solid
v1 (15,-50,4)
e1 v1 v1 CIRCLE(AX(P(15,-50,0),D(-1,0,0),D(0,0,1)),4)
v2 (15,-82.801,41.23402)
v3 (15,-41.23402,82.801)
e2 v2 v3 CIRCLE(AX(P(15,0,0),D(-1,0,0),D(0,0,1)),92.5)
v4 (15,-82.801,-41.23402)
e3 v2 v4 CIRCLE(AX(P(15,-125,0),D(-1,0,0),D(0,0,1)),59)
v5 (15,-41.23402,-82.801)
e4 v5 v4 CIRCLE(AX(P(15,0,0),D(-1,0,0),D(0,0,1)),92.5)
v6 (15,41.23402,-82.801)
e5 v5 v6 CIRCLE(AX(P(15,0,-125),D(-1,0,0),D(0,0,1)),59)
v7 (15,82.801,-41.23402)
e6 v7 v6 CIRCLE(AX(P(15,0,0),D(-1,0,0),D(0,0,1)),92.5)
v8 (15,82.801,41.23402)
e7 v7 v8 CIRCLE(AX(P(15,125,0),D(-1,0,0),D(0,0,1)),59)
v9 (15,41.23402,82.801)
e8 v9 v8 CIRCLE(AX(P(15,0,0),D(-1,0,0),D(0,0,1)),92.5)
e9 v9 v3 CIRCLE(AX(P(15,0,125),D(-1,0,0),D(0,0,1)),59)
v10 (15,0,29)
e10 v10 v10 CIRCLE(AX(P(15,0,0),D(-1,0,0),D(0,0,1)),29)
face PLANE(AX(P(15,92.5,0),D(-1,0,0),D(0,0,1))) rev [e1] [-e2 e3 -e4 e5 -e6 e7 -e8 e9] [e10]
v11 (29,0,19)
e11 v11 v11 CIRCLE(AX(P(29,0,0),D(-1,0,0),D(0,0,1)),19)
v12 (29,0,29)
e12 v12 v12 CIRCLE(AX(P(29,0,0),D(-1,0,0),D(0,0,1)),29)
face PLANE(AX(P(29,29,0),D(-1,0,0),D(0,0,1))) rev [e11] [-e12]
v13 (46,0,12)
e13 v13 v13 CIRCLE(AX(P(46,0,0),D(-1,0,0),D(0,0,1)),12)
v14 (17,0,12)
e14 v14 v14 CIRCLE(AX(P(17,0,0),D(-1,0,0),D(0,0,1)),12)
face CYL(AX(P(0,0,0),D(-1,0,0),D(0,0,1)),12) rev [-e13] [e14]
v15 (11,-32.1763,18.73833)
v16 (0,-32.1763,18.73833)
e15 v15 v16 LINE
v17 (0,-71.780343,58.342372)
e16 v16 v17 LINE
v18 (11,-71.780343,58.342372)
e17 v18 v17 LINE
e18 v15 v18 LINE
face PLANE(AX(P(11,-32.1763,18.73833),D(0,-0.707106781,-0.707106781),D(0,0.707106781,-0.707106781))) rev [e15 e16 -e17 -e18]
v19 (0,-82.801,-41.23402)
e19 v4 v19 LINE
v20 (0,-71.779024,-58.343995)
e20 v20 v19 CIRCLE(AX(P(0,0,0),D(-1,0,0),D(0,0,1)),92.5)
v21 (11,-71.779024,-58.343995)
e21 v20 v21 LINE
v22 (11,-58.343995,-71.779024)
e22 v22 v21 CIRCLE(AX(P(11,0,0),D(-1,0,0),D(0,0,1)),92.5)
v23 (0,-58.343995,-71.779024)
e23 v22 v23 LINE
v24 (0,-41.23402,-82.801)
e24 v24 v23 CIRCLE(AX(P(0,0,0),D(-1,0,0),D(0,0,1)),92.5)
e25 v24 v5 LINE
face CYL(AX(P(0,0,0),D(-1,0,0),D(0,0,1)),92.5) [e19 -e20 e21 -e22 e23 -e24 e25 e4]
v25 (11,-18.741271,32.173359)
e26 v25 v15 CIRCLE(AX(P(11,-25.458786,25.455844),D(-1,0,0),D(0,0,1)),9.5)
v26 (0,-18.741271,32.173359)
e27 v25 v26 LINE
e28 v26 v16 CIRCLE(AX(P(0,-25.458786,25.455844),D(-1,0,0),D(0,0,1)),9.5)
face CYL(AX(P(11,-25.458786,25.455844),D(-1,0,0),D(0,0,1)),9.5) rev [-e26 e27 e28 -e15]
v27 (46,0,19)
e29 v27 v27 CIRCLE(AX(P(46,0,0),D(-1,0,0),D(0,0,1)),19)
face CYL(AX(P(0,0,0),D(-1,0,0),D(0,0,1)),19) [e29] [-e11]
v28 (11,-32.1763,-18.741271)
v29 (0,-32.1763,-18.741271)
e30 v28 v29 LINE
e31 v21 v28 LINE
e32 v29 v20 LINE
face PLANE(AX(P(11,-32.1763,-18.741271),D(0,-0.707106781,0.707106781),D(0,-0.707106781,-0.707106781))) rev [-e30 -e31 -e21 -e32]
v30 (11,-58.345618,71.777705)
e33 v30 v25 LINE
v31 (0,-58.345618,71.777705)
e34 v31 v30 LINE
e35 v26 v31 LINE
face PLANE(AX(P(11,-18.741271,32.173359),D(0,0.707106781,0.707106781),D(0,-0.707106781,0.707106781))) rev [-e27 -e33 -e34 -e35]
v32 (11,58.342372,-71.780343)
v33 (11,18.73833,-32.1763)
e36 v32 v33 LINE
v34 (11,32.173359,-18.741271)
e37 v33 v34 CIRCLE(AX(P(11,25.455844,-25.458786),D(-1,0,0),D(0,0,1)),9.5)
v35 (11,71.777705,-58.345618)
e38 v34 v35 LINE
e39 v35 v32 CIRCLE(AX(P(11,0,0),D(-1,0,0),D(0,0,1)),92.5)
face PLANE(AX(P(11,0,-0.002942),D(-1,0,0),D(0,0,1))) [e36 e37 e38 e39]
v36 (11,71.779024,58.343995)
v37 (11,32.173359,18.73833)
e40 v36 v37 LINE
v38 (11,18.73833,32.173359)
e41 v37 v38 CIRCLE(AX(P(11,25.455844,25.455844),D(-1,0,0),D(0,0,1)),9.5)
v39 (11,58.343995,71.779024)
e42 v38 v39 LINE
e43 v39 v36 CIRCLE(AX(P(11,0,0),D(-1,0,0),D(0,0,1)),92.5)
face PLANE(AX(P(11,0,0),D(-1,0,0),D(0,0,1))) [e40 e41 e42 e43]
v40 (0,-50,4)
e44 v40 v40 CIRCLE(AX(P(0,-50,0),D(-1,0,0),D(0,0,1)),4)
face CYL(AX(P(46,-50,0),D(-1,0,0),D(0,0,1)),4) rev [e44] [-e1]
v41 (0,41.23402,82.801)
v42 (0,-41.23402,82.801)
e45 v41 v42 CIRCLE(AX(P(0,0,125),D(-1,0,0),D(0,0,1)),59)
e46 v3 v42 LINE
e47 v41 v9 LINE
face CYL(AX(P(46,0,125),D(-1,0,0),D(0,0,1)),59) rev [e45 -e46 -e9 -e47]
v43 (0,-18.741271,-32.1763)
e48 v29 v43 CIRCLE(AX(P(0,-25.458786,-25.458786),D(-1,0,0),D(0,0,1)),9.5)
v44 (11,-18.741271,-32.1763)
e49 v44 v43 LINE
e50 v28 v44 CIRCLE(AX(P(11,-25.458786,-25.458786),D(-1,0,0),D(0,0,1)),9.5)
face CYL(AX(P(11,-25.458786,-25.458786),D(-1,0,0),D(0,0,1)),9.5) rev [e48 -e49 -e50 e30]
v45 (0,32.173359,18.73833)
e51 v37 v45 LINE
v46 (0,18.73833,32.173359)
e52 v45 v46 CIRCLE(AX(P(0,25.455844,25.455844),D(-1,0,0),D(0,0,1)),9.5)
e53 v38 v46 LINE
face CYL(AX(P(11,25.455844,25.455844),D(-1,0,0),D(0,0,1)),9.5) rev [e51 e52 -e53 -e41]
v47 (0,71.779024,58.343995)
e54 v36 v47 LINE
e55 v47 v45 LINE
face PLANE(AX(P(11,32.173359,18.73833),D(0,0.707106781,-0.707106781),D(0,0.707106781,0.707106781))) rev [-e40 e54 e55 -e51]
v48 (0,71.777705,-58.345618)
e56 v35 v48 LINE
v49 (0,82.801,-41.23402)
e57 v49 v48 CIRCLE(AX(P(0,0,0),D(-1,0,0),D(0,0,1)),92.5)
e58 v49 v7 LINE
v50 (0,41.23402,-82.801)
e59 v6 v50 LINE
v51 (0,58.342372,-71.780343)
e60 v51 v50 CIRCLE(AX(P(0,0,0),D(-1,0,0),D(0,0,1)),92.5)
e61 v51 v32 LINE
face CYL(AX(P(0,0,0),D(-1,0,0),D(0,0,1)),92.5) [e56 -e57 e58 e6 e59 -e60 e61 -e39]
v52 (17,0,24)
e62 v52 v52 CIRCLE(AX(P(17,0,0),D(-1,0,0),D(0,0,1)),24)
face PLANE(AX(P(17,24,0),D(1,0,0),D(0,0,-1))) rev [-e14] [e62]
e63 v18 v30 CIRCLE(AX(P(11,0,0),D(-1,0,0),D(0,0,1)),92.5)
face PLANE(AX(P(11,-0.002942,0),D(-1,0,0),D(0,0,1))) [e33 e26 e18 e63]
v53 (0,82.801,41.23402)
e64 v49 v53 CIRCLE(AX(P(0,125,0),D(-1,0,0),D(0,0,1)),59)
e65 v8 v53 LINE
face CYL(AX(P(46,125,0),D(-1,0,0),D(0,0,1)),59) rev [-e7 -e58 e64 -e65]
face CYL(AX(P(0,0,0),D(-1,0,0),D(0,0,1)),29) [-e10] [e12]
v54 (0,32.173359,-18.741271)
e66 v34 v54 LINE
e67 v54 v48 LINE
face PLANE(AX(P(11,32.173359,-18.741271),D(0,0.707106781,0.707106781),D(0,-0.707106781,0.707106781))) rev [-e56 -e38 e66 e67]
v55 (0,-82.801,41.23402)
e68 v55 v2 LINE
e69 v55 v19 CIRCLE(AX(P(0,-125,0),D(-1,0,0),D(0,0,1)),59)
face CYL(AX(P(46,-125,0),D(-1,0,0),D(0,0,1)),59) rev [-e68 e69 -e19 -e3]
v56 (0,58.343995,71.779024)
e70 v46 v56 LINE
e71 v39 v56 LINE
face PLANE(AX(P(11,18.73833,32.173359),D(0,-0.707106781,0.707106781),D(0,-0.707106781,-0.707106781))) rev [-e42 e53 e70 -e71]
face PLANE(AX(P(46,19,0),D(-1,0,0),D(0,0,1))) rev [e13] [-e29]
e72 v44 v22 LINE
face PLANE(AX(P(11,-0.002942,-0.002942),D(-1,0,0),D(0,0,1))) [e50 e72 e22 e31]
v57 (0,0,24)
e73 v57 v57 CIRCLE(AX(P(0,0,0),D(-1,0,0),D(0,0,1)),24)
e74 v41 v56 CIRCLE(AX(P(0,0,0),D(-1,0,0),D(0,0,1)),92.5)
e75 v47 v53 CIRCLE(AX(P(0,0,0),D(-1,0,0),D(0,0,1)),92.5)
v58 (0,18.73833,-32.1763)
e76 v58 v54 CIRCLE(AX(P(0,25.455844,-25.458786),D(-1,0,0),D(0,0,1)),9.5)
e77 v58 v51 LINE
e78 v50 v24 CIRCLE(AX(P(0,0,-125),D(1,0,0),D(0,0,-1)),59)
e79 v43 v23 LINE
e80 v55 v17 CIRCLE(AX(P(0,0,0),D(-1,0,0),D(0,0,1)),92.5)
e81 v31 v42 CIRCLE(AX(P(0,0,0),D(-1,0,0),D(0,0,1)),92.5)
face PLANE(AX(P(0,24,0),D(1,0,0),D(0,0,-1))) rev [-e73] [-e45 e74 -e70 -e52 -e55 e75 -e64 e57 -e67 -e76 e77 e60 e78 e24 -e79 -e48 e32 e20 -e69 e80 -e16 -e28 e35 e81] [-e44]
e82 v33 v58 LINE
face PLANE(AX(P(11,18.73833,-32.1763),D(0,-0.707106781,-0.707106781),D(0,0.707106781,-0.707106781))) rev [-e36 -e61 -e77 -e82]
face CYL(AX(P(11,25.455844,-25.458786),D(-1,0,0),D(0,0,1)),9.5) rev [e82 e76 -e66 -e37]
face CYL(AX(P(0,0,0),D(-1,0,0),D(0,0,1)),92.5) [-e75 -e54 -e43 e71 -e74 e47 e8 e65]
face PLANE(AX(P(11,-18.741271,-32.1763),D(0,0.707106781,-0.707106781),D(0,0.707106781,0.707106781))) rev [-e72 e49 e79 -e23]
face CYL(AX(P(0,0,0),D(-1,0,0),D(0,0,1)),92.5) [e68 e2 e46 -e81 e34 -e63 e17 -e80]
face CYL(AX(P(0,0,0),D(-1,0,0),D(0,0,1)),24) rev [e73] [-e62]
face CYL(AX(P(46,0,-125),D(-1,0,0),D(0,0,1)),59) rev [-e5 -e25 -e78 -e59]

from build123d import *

# Parameters (mm, degrees)
ESQUISSE2_R             = 59
ENL_V_MAT_EXTRU_1_DEPTH = 139.666866987
ENL_V_START             = -11
ENL_V_MAT_EXTRU_2_DEPTH = 11
ESQUISSE4_R             = 4
ENL_V_MAT_EXTRU_3_DEPTH = 126.809424138


with BuildPart() as part:
    # Esquisse1 → Base-Révolution (revolve)
    with BuildSketch(Plane.XY, mode=Mode.PRIVATE) as base_r_volution_sk:
        Polygon((0, 24), (0, 92.5), (15, 92.5), (15, 29), (29, 29), (29, 19), (46, 19), (46, 12), (17, 12), (17, 24), align=None)
    revolve(base_r_volution_sk.sketch.rotate(Axis((0, 0, 0), (1, 0, 0)), 90), axis=Axis((0, 0, 0), (1, 0, 0)))

    # Esquisse2 → Enlèv. mat.-Extru.1 (cut, through all)
    with BuildSketch(Plane.ZY):
        with Locations((0, 125)):
            Circle(ESQUISSE2_R)
        with Locations((125, 0)):
            Circle(ESQUISSE2_R)
        with Locations((0, -125)):
            Circle(ESQUISSE2_R)
        with Locations((-125, 0)):
            Circle(ESQUISSE2_R)
    extrude(amount=-ENL_V_MAT_EXTRU_1_DEPTH, mode=Mode.SUBTRACT)

    # Esquisse3 → Enlèv. mat.-Extru.2 (cut)
    with BuildSketch(Plane.ZY.offset(ENL_V_START)):
        with BuildLine():
            Line((18.738329701, 32.173358544), (58.343994937, 71.77902378))
            ThreePointArc((58.343994937, 71.77902378), (65.40737726, 65.40737726), (71.77902378, 58.343994937))
            Line((71.77902378, 58.343994937), (32.173358544, 18.738329701))
            ThreePointArc((32.173358544, 18.738329701), (18.738329701, 18.738329701), (18.738329701, 32.173358544))
        make_face()
        with BuildLine():
            Line((32.173358544, -18.741271209), (71.77902378, -58.346936444))
            ThreePointArc((71.77902378, -58.346936444), (65.40737726, -65.410318767), (58.343994937, -71.781965287))
            Line((58.343994937, -71.781965287), (18.738329701, -32.176300051))
            ThreePointArc((18.738329701, -32.176300051), (18.738329701, -18.741271209), (32.173358544, -18.741271209))
        make_face()
        with BuildLine():
            Line((-18.741271209, -32.176300051), (-58.346936444, -71.781965287))
            ThreePointArc((-58.346936444, -71.781965287), (-65.410318767, -65.410318767), (-71.781965287, -58.346936444))
            Line((-71.781965287, -58.346936444), (-32.176300051, -18.741271209))
            ThreePointArc((-32.176300051, -18.741271209), (-18.741271209, -18.741271209), (-18.741271209, -32.176300051))
        make_face()
        with BuildLine():
            Line((-32.176300051, 18.738329701), (-71.781965287, 58.343994937))
            ThreePointArc((-71.781965287, 58.343994937), (-65.410318767, 65.40737726), (-58.346936444, 71.77902378))
            Line((-58.346936444, 71.77902378), (-18.741271209, 32.173358544))
            ThreePointArc((-18.741271209, 32.173358544), (-18.741271209, 18.738329701), (-32.176300051, 18.738329701))
        make_face()
    extrude(amount=ENL_V_MAT_EXTRU_2_DEPTH, mode=Mode.SUBTRACT)

    # Esquisse4 → Enlèv. mat.-Extru.3 (cut, through all)
    with BuildSketch(Plane.ZY):
        with Locations((0, -50)):
            Circle(ESQUISSE4_R)
    extrude(amount=-ENL_V_MAT_EXTRU_3_DEPTH, mode=Mode.SUBTRACT)


solid = part.part
